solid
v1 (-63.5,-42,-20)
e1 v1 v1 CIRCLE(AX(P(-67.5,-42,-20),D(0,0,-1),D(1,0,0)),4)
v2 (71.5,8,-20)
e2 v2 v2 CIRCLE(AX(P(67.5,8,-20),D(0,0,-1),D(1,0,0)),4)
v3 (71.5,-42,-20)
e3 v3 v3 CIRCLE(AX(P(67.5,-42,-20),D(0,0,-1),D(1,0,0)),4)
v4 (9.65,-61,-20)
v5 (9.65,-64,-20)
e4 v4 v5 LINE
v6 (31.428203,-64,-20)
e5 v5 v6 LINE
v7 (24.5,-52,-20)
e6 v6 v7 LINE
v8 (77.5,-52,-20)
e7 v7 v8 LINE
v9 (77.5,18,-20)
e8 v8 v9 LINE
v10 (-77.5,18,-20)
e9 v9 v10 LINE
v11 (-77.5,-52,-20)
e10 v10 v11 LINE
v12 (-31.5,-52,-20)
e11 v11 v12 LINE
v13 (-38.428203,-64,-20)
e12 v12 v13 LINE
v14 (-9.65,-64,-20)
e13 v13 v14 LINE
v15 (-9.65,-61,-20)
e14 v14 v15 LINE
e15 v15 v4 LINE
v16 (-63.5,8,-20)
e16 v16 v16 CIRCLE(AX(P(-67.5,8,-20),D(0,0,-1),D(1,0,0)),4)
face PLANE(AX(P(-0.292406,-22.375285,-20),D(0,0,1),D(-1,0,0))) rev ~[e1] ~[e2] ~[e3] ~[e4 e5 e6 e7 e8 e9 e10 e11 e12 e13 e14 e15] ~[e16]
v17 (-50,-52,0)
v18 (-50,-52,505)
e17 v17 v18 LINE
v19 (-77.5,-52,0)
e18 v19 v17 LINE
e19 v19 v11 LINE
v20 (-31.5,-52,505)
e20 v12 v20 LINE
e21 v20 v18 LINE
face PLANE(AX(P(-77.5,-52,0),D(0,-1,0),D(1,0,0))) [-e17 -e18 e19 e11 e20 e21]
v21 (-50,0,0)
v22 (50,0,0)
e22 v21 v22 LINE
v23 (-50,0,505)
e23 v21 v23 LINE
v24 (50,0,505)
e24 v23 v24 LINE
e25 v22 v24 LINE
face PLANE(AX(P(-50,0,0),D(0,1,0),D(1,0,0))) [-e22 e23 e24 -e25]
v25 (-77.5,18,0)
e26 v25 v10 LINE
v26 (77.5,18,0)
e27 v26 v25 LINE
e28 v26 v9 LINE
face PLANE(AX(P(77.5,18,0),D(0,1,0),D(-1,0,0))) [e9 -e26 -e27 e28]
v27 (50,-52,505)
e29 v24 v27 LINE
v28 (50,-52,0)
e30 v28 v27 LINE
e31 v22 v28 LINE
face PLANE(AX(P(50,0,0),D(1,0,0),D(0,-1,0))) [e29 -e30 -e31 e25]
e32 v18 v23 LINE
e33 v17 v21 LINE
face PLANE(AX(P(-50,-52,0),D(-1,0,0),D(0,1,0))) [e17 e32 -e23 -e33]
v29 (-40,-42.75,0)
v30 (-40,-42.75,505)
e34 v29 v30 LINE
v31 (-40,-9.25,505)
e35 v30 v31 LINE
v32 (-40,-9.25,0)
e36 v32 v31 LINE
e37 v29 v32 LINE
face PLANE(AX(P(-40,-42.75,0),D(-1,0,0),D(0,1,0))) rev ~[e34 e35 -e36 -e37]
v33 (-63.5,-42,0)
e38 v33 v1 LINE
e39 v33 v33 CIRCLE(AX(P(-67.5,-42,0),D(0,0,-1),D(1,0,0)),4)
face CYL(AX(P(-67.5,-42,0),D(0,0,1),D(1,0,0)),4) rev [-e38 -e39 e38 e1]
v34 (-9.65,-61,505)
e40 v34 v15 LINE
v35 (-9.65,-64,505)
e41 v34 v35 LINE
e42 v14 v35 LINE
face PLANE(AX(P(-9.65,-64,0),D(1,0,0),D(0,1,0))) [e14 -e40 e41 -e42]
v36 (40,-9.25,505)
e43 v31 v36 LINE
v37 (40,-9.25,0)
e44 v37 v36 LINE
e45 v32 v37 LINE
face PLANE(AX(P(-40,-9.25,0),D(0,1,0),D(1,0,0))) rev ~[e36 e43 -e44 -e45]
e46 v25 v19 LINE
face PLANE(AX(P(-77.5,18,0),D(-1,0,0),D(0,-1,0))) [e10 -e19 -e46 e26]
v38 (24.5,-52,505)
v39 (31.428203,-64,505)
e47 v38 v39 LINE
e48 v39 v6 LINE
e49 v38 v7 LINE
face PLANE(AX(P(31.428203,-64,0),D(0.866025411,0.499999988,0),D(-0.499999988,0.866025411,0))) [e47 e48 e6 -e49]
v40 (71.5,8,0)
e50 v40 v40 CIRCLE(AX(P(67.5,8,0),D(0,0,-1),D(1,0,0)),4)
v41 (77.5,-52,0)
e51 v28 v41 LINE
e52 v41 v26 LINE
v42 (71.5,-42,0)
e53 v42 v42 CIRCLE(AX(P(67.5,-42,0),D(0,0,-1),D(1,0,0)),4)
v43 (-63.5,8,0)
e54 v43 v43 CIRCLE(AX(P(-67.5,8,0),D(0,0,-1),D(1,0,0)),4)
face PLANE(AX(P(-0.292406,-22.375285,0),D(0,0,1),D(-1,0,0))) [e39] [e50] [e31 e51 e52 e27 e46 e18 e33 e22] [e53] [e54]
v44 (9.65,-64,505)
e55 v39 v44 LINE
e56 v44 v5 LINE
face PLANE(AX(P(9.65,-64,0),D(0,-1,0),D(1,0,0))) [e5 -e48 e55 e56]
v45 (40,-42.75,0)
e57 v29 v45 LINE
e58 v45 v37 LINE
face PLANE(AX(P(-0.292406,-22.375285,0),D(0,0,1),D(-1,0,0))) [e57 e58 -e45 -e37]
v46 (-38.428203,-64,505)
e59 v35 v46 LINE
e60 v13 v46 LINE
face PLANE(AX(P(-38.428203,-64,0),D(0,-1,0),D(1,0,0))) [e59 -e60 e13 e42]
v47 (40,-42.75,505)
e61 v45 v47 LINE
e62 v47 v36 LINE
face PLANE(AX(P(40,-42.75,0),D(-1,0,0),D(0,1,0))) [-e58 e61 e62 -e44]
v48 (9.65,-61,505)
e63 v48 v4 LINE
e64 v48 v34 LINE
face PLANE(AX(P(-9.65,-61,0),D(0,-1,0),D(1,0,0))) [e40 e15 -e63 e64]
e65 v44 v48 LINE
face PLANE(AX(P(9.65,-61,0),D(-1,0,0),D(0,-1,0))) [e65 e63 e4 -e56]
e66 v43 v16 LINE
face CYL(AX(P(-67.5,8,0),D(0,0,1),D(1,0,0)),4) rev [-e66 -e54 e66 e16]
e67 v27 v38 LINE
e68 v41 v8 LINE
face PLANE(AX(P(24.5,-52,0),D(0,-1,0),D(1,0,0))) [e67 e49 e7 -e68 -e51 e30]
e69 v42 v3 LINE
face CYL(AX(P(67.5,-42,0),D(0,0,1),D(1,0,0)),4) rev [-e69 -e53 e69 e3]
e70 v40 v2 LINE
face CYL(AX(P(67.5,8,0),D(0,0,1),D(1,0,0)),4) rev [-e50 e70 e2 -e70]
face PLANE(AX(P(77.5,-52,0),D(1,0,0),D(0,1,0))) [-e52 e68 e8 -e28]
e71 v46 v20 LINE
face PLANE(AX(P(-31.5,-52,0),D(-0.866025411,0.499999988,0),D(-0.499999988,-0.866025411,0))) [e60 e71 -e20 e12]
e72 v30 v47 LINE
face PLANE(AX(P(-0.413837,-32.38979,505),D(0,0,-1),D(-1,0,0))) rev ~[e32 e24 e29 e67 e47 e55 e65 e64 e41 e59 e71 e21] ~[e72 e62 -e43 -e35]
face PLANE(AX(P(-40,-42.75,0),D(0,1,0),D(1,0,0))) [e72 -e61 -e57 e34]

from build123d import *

# Parameters (mm, degrees)
SKETCH002_W  = 80
SKETCH002_H  = 33.5
PAD_DEPTH    = 505
SKETCH001_R  = 4
PAD001_DEPTH = 20


with BuildPart() as part:
    # Sketch002 → Pad (new body)
    with BuildSketch(Plane.XY):
        Polygon((-50, 0), (50, 0), (50, -52), (24.5, -52), (31.428203, -64), (9.65, -64), (9.65, -61), (-9.65, -61), (-9.65, -64), (-38.428203, -64), (-31.5, -52), (-50, -52), align=None)
        with Locations((0, -26)):
            Rectangle(SKETCH002_W, SKETCH002_H, mode=Mode.SUBTRACT)
    extrude(amount=PAD_DEPTH)

    # Sketch001 → Pad001 (new body)
    with BuildSketch(Plane(origin=(0, 0, 0), x_dir=(1, 0, 0), z_dir=(0, 0, -1))):
        Polygon((77.5, 52), (77.5, -18), (-77.5, -18), (-77.5, 52), (-31.5, 52), (-38.428203, 64), (-9.65, 64), (-9.65, 61), (9.65, 61), (9.65, 64), (31.428203, 64), (24.5, 52), align=None)
        with Locations((-67.5, 42)):
            Circle(SKETCH001_R, mode=Mode.SUBTRACT)
        with Locations((-67.5, -8)):
            Circle(SKETCH001_R, mode=Mode.SUBTRACT)
        with Locations((67.5, 42)):
            Circle(SKETCH001_R, mode=Mode.SUBTRACT)
        with Locations((67.5, -8)):
            Circle(SKETCH001_R, mode=Mode.SUBTRACT)
    extrude(amount=PAD001_DEPTH)


solid = part.part
